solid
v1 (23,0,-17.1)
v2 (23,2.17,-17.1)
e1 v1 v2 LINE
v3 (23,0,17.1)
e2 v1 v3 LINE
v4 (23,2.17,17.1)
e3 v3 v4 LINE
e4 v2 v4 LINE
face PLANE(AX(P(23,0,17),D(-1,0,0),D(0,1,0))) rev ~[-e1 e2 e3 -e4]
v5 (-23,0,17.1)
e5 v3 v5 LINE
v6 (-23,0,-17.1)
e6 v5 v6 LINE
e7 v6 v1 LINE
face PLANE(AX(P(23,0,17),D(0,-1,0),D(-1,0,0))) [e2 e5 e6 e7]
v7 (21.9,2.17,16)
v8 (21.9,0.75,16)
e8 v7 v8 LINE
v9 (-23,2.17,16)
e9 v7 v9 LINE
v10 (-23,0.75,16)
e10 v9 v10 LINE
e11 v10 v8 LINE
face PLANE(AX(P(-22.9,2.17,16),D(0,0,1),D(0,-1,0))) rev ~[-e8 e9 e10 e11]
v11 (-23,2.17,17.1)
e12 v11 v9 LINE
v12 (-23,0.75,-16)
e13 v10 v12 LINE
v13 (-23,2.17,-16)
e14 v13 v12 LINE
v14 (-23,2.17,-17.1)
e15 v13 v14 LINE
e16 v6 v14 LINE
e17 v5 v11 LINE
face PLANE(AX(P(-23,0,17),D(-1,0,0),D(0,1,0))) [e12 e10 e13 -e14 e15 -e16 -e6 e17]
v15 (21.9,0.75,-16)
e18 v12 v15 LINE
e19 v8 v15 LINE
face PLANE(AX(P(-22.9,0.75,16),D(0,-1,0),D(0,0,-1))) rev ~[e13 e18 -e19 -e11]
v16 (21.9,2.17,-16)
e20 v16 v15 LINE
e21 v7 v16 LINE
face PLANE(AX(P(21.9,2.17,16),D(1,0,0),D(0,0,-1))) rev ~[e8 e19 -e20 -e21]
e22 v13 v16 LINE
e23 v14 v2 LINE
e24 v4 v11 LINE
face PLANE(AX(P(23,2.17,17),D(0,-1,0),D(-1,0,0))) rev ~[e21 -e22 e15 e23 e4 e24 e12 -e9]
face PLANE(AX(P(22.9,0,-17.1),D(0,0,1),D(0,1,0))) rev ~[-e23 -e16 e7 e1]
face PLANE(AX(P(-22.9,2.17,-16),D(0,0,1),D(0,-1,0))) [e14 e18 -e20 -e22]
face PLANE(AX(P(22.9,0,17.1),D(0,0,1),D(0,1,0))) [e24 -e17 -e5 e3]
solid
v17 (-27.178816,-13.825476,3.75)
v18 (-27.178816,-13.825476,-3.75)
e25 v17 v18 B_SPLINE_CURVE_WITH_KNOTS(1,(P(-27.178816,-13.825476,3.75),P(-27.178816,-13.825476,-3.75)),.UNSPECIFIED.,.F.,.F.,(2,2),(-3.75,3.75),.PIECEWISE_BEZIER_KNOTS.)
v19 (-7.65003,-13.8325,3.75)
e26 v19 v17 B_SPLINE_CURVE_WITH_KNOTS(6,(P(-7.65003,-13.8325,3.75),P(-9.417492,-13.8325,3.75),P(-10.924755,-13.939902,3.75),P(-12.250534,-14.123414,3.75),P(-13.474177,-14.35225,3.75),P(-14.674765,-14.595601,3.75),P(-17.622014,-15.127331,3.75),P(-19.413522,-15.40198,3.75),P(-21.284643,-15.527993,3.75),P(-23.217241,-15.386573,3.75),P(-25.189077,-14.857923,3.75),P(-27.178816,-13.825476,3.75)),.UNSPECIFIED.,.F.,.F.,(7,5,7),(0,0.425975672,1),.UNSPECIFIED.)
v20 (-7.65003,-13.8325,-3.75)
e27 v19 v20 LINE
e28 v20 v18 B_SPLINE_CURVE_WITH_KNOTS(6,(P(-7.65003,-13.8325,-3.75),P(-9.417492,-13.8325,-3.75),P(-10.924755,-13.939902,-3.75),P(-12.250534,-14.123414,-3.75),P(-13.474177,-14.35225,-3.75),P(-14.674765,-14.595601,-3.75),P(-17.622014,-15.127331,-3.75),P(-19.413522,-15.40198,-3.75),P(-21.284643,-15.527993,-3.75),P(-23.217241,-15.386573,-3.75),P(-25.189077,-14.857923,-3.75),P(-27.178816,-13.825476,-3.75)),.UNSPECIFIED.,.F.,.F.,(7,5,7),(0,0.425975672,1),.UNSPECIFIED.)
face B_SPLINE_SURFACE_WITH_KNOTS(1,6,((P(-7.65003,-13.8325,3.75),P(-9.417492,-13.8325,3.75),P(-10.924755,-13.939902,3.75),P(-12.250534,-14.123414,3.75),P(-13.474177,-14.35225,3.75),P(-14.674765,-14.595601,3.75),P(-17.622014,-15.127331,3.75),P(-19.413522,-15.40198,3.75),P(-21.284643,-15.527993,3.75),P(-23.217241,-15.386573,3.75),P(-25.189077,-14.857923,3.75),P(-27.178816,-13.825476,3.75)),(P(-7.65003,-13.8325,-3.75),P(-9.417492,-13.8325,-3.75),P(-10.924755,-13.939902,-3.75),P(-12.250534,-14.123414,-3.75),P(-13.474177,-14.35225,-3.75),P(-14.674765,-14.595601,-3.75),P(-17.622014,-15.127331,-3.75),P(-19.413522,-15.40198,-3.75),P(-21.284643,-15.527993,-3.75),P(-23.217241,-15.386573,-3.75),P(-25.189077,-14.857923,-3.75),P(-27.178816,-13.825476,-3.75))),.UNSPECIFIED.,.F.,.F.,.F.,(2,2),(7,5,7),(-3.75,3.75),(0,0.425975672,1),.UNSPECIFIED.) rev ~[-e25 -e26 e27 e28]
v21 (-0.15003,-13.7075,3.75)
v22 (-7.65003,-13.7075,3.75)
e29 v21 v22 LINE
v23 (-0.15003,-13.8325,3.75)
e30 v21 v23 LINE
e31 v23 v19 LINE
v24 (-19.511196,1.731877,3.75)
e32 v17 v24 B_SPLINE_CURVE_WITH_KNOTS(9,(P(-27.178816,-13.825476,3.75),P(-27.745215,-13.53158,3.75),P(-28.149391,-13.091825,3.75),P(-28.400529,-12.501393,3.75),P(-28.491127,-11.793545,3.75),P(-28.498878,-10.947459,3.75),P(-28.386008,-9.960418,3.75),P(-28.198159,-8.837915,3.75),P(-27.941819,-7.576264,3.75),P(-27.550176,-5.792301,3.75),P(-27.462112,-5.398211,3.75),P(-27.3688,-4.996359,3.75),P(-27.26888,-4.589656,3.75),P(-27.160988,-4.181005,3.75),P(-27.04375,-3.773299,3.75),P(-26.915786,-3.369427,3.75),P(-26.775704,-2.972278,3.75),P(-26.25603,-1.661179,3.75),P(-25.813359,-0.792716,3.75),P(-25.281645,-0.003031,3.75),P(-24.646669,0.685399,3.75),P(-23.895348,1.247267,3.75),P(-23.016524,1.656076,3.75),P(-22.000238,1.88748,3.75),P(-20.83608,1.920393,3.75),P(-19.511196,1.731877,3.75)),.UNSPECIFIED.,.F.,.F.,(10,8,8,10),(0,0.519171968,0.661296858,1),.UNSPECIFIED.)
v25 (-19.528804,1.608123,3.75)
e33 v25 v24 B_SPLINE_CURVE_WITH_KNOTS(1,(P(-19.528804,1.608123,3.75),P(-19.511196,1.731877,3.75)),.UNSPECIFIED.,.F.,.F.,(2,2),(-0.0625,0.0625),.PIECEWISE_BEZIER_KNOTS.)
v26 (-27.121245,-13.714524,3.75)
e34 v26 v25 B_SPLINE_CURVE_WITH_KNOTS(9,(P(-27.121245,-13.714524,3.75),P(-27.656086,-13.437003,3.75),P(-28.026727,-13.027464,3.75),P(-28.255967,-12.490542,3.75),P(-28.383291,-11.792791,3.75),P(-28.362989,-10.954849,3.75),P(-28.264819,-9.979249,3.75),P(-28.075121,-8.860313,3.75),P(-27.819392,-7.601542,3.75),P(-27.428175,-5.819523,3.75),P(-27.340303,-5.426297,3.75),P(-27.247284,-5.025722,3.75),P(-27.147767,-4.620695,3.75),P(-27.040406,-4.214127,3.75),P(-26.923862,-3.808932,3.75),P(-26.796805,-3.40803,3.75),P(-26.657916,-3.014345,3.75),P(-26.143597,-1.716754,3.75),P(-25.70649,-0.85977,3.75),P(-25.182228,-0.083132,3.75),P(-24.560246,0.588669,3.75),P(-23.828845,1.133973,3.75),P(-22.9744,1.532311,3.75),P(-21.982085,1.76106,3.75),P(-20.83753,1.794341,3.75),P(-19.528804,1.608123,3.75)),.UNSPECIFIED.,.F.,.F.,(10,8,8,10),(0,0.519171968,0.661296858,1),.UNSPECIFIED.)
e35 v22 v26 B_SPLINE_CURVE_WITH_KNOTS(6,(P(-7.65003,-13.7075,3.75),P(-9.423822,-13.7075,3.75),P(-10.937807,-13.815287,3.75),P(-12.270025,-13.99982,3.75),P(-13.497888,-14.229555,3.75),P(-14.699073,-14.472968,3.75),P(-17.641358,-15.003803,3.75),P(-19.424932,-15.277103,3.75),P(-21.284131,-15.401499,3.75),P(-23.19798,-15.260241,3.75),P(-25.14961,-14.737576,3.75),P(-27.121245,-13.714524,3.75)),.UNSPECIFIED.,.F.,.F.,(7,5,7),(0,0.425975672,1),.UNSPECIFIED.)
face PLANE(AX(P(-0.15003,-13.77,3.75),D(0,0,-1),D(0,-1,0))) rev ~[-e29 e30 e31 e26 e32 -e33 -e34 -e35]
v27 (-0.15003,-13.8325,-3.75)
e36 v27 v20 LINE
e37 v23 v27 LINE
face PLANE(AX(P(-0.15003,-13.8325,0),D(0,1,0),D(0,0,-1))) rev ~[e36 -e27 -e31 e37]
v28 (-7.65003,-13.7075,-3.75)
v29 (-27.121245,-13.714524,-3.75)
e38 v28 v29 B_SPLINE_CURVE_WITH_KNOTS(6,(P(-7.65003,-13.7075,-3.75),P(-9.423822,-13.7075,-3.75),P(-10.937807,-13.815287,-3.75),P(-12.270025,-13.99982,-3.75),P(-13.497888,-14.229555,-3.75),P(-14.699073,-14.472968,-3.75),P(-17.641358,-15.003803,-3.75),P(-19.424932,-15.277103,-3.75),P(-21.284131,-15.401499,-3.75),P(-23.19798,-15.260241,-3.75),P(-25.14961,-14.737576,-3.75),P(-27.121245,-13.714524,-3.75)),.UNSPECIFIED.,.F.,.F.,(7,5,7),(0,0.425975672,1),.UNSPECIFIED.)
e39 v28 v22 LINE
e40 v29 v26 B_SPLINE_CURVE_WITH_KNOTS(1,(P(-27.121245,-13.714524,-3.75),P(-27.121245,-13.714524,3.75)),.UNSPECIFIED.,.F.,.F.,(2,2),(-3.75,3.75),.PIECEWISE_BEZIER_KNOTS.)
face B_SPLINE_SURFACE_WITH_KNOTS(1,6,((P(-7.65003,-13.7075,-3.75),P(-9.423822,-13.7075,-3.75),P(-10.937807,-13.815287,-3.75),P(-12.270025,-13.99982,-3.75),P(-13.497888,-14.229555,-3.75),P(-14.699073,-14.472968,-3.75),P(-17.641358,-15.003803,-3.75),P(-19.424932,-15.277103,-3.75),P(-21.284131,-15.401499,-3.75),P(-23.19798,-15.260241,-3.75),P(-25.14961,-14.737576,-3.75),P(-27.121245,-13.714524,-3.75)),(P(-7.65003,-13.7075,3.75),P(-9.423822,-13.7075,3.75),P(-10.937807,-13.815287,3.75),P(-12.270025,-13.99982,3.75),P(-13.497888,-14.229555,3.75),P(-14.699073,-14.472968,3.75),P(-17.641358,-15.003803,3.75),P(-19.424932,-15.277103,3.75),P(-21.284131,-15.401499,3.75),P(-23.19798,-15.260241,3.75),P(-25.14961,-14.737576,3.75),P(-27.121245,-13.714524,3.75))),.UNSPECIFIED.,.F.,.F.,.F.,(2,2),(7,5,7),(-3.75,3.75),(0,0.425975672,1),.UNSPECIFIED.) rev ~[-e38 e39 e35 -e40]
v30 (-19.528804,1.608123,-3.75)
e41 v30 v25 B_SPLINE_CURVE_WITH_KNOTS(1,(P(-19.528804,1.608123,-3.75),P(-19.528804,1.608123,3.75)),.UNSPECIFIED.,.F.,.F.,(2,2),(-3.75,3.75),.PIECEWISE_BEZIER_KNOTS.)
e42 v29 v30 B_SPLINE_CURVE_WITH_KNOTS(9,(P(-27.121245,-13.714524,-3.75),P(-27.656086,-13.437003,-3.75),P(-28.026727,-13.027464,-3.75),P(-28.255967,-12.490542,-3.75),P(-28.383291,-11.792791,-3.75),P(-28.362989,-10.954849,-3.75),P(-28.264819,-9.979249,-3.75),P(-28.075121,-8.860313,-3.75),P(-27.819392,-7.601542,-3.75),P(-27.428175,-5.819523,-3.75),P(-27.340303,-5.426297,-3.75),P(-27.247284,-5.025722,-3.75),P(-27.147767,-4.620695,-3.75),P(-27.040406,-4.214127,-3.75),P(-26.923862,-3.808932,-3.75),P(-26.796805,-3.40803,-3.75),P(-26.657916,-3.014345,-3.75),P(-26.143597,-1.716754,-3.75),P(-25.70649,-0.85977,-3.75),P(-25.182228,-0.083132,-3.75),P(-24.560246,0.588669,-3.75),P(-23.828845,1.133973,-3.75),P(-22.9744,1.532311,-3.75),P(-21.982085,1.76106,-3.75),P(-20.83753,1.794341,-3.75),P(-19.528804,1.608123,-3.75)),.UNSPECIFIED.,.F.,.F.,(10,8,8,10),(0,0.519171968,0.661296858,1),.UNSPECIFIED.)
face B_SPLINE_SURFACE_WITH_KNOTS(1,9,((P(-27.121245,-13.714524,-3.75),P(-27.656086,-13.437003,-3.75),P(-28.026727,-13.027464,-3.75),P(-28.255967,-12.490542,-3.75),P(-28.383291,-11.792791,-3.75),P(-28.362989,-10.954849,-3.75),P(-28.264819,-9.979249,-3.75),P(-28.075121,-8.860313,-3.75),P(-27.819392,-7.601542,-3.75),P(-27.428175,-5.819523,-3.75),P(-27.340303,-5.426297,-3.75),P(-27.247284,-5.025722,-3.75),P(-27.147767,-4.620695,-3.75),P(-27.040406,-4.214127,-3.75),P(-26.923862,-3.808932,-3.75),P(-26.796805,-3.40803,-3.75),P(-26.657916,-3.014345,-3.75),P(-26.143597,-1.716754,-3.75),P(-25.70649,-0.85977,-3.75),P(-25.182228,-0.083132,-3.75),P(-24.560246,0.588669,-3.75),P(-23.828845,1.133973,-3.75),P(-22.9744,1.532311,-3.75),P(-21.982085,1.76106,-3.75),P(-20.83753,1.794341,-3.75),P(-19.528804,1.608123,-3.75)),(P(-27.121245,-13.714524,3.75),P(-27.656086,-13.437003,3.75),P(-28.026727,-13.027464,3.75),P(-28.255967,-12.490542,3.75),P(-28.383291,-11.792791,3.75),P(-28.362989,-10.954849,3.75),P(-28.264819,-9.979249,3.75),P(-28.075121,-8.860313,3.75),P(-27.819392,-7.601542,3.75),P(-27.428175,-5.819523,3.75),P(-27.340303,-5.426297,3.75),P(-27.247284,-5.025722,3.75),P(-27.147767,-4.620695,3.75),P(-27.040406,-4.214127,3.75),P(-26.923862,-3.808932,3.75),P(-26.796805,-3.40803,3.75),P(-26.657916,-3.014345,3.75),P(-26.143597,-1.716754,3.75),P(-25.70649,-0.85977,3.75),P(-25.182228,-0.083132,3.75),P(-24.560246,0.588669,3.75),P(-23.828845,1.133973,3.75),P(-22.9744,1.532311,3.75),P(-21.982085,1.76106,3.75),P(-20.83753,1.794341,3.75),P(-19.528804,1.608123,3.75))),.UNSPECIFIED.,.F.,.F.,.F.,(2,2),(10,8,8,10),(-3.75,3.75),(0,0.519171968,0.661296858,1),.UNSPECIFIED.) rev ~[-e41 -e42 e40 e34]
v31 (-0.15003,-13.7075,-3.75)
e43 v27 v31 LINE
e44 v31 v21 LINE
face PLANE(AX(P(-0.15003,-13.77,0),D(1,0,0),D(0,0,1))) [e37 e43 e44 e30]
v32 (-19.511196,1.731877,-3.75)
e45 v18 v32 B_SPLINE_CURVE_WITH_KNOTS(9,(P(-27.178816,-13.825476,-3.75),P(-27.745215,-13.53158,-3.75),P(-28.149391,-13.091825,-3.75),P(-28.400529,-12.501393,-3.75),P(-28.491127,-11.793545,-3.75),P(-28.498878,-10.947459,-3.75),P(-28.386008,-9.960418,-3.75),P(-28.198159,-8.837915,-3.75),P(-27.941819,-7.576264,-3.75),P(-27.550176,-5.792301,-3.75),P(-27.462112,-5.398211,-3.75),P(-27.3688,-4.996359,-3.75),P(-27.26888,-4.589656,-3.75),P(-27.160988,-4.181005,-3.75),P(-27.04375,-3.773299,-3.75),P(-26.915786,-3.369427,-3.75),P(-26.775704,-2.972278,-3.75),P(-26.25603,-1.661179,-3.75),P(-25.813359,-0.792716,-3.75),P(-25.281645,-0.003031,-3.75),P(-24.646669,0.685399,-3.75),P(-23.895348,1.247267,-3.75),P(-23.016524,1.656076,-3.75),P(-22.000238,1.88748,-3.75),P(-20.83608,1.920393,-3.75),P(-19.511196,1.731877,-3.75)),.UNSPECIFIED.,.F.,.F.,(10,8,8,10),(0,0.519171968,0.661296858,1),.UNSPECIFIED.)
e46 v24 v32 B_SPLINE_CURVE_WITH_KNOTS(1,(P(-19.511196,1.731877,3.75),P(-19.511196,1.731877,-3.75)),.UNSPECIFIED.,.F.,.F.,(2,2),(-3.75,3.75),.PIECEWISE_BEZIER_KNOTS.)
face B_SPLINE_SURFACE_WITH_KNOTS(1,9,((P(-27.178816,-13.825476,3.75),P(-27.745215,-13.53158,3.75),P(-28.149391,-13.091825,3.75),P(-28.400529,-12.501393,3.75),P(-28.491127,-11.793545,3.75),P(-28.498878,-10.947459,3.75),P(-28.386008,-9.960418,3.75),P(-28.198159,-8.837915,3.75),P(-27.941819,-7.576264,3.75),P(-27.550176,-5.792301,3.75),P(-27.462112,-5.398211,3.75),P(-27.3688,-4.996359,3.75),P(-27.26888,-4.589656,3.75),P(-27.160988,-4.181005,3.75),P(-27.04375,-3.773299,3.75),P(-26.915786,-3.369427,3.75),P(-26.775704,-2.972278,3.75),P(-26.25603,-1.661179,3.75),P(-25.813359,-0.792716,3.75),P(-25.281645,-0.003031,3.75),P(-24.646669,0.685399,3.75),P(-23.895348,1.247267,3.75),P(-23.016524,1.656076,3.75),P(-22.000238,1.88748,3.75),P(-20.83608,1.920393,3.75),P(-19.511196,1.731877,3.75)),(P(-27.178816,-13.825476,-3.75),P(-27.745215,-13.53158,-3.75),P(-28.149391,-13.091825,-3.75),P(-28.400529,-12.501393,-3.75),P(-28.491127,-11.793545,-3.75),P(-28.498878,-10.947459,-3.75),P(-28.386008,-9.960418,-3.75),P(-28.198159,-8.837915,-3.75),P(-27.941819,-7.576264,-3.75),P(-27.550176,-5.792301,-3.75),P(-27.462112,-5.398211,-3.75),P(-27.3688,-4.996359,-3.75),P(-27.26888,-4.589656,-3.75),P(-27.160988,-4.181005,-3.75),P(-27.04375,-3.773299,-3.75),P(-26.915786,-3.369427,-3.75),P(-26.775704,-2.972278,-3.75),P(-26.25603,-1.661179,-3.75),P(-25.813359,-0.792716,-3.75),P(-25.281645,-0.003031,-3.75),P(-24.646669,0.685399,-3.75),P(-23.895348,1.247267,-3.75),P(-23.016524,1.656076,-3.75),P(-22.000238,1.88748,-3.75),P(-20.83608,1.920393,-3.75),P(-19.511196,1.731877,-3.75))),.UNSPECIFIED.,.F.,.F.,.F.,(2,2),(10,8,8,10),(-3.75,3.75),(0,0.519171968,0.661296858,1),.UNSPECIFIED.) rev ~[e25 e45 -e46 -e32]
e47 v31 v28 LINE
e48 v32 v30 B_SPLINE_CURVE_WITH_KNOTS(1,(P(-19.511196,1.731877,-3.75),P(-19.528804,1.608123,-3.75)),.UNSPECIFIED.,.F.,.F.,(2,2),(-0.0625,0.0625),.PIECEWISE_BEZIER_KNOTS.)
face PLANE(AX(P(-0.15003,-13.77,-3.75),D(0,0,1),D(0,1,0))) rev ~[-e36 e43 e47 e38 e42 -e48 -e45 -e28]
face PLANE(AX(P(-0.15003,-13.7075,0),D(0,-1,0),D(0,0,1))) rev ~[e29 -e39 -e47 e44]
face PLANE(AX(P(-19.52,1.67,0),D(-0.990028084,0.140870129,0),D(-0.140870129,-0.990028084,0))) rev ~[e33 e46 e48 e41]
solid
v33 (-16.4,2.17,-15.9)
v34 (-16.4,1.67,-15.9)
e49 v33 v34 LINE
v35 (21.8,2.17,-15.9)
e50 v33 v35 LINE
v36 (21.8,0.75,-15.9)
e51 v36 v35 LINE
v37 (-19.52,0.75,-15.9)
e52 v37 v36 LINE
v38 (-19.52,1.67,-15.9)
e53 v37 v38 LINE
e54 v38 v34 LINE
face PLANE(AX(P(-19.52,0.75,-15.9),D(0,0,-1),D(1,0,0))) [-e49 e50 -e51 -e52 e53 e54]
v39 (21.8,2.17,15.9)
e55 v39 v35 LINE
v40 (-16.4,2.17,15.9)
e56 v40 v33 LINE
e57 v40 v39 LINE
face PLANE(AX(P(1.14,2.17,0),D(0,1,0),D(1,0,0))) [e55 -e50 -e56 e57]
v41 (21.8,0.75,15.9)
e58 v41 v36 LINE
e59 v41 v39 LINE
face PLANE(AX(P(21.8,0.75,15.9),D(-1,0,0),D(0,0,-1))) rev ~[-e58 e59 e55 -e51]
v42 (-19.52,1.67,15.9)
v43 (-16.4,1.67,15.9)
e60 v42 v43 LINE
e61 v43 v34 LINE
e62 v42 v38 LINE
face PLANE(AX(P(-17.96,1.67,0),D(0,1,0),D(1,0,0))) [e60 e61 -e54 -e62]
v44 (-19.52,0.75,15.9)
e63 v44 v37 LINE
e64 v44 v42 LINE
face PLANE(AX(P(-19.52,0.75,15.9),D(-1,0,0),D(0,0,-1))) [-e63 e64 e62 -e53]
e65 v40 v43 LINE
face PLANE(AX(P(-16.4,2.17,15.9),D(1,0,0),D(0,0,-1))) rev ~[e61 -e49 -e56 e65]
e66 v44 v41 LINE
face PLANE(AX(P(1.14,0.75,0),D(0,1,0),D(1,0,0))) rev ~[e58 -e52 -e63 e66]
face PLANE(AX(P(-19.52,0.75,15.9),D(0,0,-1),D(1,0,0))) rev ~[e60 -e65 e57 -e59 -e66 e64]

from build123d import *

# Parameters (mm, degrees)
SKETCH1_W           = 45.8
SKETCH1_H           = 34
BOSS_EXTRUDE1_DEPTH = 2.17
SKETCH2_W           = 44.8
SKETCH2_H           = 32
CUT_EXTRUDE1_DEPTH  = 1.42
SKETCH3_W           = 41.32
SKETCH3_H           = 31.8
BOSS_EXTRUDE3_DEPTH = 1.42
SKETCH10_W          = 3.12
SKETCH10_H          = 31.8
CUT_EXTRUDE2_DEPTH  = 0.5
SKETCH6_W           = 7.5
SKETCH6_H           = 0.125
MOVE_FACE1_BY       = 0.1
MOVE_FACE1_2_BY     = 0.1
MOVE_FACE1_3_BY     = 0.1
MOVE_FACE1_4_BY     = 0.1


with BuildPart() as part:
    # Sketch1 → Boss-Extrude1 (new body)
    with BuildSketch(Plane(origin=(0, 0, 0), x_dir=(1, 0, 0), z_dir=(0, 1, 0))):
        Rectangle(SKETCH1_W, SKETCH1_H)
    extrude(amount=BOSS_EXTRUDE1_DEPTH)

    # Sketch2 → Cut-Extrude1 (cut)
    with BuildSketch(Plane(origin=(0, 2.17, 0), x_dir=(1, 0, 0), z_dir=(0, 1, 0))):
        with Locations((-0.5, 0)):
            Rectangle(SKETCH2_W, SKETCH2_H)
    extrude(amount=-CUT_EXTRUDE1_DEPTH, mode=Mode.SUBTRACT)

    # Move Face1: a face moved outward by 0.1
    extrude(part.faces().sort_by_distance((-22.9, 0.483729711, 0))[0], amount=MOVE_FACE1_BY, dir=(-1, 0, 0))

    # Move Face1 2: a face moved outward by 0.1
    extrude(part.faces().sort_by_distance((0, 1.085, -17))[0], amount=MOVE_FACE1_2_BY, dir=(0, 0, -1))

    # Move Face1 3: a face moved outward by 0.1
    extrude(part.faces().sort_by_distance((22.9, 1.085, 0))[0], amount=MOVE_FACE1_3_BY, dir=(1, 0, 0))

    # Move Face1 4: a face moved outward by 0.1
    extrude(part.faces().sort_by_distance((0, 1.085, 17))[0], amount=MOVE_FACE1_4_BY, dir=(0, 0, 1))


with BuildPart() as body_2:
    # Sketch3 → Boss-Extrude3 (new body)
    with BuildSketch(Plane(origin=(0, 0.75, 0), x_dir=(1, 0, 0), z_dir=(0, 1, 0))):
        with Locations((1.14, 0)):
            Rectangle(SKETCH3_W, SKETCH3_H)
    extrude(amount=BOSS_EXTRUDE3_DEPTH)

    # Sketch10 → Cut-Extrude2 (cut)
    with BuildSketch(Plane(origin=(0, 2.17, 0), x_dir=(1, 0, 0), z_dir=(0, 1, 0))):
        with Locations((-17.96, 0)):
            Rectangle(SKETCH10_W, SKETCH10_H)
    extrude(amount=-CUT_EXTRUDE2_DEPTH, mode=Mode.SUBTRACT)


with BuildPart() as body_3:
    # Sweep1: sweep along a path in Sketch5
    with BuildLine() as sweep1_path:  # in the path sketch's own coordinates; laid on its plane below (add() does not lay a ready-made edge on the line's plane)
        Line((-0.150030463, -13.77), (-7.650030463, -13.77))
        add(Edge.make_bspline(
            [(-7.650030463, -13.77), (-11.191284234, -13.77), (-16.452701483, -15.032914926), (-23.188655813, -15.825499155), (-27.150030463, -13.77)],
            knots=[0, 0, 0, 0, 0.425975672, 1, 1, 1, 1], degree=3))
        add(Edge.make_bspline(
            [(-27.150030463, -13.77), (-28.801890413, -12.91287412), (-28.41126063, -9.69743297), (-26.311115961, -0.725614859), (-23.47041501, 2.232100695), (-19.52, 1.67)],
            knots=[0, 0, 0, 0, 0.519171968, 0.661296858, 1, 1, 1, 1], degree=3))
    # Sketch6 → Sweep1 (sweep)
    with BuildSketch(Plane(origin=(-0.150030463, 0, 0), x_dir=(0, 0, -1), z_dir=(1, 0, 0))):
        with Locations((0, -13.77)):
            Rectangle(SKETCH6_W, SKETCH6_H)
    sweep(path=Plane.XY * sweep1_path.line)


solid = Compound([part.part, body_2.part, body_3.part])
